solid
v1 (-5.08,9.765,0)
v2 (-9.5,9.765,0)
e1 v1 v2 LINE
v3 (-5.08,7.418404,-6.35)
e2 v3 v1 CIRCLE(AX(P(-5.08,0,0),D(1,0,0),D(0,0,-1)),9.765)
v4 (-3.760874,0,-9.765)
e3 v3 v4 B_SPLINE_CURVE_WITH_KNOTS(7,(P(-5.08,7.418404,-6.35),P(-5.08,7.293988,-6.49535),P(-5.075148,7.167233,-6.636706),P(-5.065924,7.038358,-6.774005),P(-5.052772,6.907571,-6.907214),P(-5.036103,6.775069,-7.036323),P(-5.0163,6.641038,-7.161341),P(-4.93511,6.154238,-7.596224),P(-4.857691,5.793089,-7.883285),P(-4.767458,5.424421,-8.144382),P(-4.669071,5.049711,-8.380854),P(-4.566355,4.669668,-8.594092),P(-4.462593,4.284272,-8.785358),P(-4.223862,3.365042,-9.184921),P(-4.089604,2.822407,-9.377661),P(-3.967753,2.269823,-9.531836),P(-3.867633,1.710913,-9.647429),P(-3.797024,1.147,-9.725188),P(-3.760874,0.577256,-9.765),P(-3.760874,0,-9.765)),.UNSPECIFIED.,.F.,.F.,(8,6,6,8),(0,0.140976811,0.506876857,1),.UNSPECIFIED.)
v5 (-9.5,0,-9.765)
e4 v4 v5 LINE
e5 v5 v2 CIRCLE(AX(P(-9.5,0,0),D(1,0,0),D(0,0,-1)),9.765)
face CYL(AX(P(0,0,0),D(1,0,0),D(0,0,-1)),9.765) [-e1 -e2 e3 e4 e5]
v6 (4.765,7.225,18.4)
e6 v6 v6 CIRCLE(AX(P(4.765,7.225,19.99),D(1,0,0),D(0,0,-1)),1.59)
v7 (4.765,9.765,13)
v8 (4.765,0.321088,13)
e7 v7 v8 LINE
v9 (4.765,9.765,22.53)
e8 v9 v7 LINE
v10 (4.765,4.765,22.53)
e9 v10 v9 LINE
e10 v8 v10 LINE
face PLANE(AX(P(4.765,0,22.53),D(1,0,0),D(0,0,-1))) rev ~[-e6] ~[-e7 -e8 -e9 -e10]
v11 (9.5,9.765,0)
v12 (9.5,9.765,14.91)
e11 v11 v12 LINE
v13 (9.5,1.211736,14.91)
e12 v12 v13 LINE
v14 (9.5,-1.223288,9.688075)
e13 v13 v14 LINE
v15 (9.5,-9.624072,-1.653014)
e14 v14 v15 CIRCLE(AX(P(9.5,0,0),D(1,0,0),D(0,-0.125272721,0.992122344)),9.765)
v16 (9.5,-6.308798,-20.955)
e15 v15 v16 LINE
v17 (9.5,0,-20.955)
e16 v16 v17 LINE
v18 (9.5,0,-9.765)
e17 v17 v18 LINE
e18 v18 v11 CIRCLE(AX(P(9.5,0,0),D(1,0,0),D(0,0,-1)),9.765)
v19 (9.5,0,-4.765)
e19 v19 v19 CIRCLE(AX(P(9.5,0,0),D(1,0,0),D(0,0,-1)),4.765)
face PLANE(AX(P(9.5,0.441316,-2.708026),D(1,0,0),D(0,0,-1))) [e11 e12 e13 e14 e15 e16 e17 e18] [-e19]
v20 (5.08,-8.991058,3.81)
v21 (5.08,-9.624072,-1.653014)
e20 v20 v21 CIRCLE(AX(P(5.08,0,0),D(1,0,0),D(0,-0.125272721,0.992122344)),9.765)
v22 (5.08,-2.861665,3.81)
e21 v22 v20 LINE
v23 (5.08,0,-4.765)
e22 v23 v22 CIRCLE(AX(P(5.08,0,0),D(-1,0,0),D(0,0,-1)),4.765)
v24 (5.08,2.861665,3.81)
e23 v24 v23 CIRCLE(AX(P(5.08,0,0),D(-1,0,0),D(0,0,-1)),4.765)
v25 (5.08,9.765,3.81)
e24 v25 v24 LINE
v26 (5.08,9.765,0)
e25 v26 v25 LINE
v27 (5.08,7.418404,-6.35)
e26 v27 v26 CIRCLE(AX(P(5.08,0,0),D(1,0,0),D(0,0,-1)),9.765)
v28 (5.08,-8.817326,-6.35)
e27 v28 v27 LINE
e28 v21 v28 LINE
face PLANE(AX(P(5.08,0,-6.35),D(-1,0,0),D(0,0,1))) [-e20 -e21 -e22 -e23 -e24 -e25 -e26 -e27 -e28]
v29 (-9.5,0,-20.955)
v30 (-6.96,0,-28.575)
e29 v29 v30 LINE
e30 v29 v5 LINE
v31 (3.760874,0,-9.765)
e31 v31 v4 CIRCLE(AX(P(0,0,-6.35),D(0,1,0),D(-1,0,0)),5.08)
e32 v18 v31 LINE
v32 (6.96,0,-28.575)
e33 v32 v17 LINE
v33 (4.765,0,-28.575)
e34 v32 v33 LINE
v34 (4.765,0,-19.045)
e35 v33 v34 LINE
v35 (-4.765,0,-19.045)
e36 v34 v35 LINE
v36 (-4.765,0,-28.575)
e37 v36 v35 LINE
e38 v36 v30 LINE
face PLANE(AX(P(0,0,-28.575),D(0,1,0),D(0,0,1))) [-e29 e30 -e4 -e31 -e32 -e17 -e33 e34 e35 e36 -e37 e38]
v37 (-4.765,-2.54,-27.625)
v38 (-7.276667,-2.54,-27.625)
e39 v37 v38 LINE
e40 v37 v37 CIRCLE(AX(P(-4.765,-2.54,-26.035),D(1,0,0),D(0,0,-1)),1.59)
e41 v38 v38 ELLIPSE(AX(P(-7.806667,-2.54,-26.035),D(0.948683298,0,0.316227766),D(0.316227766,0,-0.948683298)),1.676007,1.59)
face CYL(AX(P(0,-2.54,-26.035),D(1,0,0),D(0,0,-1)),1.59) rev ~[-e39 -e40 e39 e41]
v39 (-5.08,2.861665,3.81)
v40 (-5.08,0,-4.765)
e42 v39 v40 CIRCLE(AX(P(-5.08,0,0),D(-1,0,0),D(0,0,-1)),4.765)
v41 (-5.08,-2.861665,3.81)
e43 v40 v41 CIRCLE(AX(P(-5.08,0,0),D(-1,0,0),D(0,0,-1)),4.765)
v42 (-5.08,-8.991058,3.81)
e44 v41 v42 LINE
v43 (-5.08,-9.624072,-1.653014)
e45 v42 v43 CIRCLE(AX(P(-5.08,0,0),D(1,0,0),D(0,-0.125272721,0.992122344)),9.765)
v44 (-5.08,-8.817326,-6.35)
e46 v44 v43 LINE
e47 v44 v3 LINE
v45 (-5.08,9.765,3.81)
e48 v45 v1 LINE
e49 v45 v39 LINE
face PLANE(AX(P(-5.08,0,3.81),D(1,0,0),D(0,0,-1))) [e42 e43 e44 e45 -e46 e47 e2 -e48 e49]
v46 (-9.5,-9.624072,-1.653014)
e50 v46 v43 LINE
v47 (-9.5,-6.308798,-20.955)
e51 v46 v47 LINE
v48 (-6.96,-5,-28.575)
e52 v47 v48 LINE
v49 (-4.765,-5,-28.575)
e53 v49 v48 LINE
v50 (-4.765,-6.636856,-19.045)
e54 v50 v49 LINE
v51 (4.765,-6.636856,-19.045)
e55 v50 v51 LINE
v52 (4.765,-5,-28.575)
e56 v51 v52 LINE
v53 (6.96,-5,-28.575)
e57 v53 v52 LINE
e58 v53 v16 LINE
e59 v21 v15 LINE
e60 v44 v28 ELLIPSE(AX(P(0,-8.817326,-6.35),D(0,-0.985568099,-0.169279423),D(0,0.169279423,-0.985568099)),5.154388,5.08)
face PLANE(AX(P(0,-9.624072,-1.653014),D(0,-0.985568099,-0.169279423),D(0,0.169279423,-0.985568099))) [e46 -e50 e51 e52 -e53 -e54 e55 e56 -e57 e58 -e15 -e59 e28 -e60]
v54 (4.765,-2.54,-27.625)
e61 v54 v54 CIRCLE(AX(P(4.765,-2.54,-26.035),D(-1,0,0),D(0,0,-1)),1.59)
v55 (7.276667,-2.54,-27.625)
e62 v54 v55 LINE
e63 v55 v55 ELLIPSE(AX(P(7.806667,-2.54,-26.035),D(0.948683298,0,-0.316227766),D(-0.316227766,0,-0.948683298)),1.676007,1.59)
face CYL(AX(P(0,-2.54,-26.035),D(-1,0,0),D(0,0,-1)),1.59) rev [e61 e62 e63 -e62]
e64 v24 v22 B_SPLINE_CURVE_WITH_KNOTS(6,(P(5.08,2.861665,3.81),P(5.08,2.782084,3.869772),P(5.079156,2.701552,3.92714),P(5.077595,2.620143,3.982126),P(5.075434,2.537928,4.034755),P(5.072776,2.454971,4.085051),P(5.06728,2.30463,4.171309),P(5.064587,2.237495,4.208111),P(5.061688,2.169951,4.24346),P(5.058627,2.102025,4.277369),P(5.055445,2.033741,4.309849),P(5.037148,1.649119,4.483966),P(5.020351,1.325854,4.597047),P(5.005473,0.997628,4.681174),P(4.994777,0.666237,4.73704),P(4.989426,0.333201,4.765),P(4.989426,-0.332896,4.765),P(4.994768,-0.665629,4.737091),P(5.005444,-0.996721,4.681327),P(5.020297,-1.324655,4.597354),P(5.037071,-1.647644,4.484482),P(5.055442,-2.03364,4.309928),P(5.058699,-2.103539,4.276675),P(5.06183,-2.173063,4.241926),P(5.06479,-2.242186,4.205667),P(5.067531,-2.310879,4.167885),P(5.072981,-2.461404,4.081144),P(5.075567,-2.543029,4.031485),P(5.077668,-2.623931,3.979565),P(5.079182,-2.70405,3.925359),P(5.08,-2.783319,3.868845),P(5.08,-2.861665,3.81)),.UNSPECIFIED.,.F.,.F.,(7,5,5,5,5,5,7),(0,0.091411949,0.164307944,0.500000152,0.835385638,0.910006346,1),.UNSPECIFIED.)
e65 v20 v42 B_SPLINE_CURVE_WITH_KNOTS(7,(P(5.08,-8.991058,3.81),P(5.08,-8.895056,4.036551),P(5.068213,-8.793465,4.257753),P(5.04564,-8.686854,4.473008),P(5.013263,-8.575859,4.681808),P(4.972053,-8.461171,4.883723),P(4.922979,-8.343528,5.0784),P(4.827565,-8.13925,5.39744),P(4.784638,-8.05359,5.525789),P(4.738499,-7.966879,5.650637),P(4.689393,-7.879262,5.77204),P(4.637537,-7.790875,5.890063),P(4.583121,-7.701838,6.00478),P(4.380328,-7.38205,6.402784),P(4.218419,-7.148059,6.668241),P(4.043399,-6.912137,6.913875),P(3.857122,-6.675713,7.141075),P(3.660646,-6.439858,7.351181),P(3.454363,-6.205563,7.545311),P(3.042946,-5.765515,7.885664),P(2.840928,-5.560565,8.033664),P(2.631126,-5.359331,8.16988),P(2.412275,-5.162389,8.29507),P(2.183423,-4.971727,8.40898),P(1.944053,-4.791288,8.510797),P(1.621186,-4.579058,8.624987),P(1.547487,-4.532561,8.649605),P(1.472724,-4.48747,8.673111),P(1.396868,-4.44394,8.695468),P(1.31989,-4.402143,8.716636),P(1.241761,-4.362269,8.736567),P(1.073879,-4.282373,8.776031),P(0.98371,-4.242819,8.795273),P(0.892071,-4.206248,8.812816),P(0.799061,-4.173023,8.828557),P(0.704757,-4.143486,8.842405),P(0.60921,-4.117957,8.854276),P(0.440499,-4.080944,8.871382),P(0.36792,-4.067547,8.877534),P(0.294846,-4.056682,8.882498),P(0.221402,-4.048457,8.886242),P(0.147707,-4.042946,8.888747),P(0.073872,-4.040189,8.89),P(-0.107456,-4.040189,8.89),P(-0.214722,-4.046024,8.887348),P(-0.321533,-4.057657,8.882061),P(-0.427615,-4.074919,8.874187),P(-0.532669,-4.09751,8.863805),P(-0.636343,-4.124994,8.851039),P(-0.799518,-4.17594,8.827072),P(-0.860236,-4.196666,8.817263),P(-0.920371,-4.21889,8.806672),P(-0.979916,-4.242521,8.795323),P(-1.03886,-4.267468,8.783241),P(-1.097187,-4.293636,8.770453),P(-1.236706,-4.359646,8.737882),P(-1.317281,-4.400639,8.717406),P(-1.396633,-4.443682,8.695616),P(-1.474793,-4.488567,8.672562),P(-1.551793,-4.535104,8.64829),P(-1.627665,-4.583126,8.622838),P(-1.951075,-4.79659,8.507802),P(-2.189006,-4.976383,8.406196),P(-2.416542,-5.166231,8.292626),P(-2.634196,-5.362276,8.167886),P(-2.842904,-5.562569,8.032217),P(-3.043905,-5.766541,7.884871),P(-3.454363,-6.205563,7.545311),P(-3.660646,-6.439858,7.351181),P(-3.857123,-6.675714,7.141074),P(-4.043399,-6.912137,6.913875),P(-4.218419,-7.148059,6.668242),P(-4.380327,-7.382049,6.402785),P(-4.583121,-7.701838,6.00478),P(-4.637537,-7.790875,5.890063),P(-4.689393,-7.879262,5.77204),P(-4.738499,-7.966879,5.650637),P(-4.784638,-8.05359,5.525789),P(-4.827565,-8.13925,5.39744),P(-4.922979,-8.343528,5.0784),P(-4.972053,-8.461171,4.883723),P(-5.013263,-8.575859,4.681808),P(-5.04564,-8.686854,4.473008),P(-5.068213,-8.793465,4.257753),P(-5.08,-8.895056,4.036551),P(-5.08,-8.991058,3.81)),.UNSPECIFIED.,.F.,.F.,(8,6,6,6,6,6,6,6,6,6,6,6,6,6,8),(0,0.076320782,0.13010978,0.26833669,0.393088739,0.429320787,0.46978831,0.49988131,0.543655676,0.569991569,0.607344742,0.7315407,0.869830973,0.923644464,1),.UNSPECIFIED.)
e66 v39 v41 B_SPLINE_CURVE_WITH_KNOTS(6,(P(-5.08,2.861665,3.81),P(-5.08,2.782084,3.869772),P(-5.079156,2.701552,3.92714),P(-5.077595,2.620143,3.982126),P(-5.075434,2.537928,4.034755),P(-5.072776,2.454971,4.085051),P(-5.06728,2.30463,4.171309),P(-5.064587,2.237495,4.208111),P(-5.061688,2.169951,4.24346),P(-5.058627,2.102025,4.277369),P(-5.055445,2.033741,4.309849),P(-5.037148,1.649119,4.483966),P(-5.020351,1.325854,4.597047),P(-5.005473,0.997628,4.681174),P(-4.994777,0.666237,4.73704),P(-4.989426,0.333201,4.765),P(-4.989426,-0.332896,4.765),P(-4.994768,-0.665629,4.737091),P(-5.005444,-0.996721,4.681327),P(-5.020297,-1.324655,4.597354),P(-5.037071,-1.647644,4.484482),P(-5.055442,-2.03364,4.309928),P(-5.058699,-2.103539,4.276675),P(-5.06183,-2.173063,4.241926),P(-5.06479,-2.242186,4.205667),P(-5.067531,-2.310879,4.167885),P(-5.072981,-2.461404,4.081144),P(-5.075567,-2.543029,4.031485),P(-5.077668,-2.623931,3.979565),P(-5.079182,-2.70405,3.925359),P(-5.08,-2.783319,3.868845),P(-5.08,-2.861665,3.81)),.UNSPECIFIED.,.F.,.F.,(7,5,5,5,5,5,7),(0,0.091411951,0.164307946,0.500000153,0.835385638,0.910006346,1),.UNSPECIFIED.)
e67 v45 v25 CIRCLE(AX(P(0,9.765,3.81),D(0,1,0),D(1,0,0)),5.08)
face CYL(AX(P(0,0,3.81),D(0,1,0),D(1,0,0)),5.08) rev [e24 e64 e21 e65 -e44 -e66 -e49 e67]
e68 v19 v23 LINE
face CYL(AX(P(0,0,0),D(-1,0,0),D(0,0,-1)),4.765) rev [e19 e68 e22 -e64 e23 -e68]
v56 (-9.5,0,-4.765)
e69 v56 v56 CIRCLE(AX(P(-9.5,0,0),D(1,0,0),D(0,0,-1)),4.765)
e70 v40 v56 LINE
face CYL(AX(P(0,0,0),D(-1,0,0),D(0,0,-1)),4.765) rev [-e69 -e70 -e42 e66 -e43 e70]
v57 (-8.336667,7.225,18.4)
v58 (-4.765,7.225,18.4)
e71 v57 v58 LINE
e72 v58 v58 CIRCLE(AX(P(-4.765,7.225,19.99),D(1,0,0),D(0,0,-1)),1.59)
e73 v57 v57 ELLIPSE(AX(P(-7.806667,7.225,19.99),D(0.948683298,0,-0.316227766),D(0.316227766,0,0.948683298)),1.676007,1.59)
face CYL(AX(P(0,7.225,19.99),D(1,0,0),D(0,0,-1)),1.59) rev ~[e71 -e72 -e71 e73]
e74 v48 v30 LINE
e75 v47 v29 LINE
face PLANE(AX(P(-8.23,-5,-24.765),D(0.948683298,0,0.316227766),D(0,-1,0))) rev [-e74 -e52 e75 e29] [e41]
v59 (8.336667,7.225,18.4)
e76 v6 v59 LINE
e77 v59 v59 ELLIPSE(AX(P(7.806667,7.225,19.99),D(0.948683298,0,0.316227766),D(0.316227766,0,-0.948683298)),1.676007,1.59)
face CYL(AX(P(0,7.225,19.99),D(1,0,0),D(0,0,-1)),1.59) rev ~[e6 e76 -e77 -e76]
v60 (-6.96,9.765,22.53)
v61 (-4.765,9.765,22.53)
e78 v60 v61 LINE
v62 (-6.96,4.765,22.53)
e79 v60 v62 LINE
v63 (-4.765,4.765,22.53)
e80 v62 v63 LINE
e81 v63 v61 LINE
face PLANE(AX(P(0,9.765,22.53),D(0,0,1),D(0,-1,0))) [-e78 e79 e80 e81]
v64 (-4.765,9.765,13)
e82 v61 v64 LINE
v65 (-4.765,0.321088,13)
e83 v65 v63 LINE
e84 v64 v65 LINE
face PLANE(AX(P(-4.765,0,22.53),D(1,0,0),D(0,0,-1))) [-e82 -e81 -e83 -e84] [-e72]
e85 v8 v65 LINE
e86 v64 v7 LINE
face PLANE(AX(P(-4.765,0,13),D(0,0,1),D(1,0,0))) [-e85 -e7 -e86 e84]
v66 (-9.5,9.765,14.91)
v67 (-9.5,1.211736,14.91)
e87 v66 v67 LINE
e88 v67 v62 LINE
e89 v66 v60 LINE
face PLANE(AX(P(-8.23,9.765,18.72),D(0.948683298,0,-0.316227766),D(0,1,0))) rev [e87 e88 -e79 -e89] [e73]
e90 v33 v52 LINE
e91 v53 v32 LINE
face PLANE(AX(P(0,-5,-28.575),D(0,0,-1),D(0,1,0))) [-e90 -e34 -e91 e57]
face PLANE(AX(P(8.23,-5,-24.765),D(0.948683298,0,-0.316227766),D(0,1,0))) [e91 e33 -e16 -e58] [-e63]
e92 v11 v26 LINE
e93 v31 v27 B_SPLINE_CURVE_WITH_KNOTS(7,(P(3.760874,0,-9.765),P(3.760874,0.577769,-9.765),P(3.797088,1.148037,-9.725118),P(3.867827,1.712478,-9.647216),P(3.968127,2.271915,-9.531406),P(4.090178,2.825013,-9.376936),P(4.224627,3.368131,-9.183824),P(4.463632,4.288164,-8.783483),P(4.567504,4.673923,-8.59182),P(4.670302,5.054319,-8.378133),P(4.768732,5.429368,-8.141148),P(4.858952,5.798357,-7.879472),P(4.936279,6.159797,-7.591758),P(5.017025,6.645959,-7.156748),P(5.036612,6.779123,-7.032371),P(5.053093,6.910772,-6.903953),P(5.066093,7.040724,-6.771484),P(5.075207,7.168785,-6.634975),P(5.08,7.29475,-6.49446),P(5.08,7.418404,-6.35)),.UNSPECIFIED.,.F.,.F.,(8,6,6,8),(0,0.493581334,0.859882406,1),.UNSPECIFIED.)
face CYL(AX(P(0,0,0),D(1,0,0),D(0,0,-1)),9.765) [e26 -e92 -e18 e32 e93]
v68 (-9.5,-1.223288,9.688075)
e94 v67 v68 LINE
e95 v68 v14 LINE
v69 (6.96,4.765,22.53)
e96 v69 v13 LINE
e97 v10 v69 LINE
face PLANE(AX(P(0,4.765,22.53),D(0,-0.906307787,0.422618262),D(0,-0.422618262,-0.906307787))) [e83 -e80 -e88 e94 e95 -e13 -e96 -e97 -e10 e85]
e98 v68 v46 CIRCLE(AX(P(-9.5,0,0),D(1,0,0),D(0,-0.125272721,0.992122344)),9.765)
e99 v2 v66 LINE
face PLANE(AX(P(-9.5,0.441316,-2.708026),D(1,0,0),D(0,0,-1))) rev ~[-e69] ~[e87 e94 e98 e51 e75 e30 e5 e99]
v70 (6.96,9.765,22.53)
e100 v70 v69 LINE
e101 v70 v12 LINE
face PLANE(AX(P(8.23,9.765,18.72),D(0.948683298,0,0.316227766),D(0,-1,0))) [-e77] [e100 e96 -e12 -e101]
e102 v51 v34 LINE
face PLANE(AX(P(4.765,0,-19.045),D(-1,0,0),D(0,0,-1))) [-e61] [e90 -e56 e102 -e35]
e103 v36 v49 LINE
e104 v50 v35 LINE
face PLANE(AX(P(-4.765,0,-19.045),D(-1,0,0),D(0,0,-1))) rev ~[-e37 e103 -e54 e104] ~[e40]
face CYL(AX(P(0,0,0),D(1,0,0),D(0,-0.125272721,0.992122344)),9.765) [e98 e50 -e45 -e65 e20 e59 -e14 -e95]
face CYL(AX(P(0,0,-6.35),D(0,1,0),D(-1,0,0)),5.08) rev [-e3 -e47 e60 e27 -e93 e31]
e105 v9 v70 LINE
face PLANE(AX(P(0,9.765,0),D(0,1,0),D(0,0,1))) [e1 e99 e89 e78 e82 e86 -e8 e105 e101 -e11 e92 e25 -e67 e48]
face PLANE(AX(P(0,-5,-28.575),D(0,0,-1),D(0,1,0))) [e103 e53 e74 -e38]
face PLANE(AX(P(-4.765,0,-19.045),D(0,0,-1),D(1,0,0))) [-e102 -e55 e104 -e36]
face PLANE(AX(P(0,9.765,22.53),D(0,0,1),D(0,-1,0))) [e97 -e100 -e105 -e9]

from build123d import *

# Parameters (mm, degrees)
SKETCH1_R             = 4.765
BOSS_EXTRUDE1_DEPTH   = 9.5
CHAMFER1_SIZE         = 2.54
CHAMFER1_SIZE2        = 7.62
CHAMFER1_PART_2_SIZE  = 2.54
CHAMFER1_PART_2_SIZE2 = 7.62
CHAMFER2_SIZE         = 7.62
CHAMFER2_SIZE2        = 2.54
CUT_EXTRUDE1_DEPTH    = 17
SKETCH3_W             = 9.53
SKETCH3_H             = 9.53
CUT_EXTRUDE2_DEPTH    = 17
SKETCH4_R             = 1.59
CUT_EXTRUDE3_DEPTH    = 17


with BuildPart() as part:
    # Sketch1 → Boss-Extrude1 (new body, symmetric)
    with BuildSketch(Plane(origin=(0, 0, 0), x_dir=(0, 0, -1), z_dir=(1, 0, 0))):
        with BuildLine():
            Line((0, 9.765), (-22.53, 9.765))
            Line((-22.53, 9.765), (-22.53, 4.765))
            Line((-22.53, 4.765), (-9.688074689, -1.223288118))
            ThreePointArc((-9.688074689, -1.223288118), (-5.812387316, -7.84674319), (1.653013564, -9.624072483))
            Line((1.653013564, -9.624072483), (28.575, -5))
            Line((28.575, -5), (28.575, 0))
            Line((28.575, 0), (9.765, 0))
            ThreePointArc((9.765, 0), (6.904897718, 6.904897718), (0, 9.765))
        make_face()
        Circle(SKETCH1_R, mode=Mode.SUBTRACT)
    extrude(amount=BOSS_EXTRUDE1_DEPTH, both=True)

    # Chamfer1
    chamfer1_edges = [part.edges().sort_by_distance(p)[0] for p in [
        (9.5, 7.265, 22.53),
    ]]
    chamfer1_side = [part.faces().sort_by_distance(p)[0] for p in [
        (0, 7.265, 22.53),
    ]]
    chamfer(chamfer1_edges, length=CHAMFER1_SIZE, length2=CHAMFER1_SIZE2, reference=chamfer1_side[0])

    # Chamfer1 part 2
    chamfer1_part_2_edges = [part.edges().sort_by_distance(p)[0] for p in [
        (9.5, -2.5, -28.575),
    ]]
    chamfer1_part_2_side = [part.faces().sort_by_distance(p)[0] for p in [
        (0, -2.5, -28.575),
    ]]
    chamfer(chamfer1_part_2_edges, length=CHAMFER1_PART_2_SIZE, length2=CHAMFER1_PART_2_SIZE2, reference=chamfer1_part_2_side[0])

    # Chamfer2
    chamfer2_edges = [part.edges().sort_by_distance(p)[0] for p in [
        (-9.5, 7.265, 22.53),
        (-9.5, -2.5, -28.575),
    ]]
    chamfer2_side = [part.faces().sort_by_distance(p)[0] for p in [
        (-9.5, 9.217903854, 11.265),
    ]]
    chamfer(chamfer2_edges, length=CHAMFER2_SIZE, length2=CHAMFER2_SIZE2, reference=chamfer2_side[0])

    # Sketch2 → Cut-Extrude1 (cut, symmetric)
    with BuildSketch(Plane(origin=(0, 0, 0), x_dir=(1, 0, 0), z_dir=(0, 1, 0))):
        with BuildLine():
            Line((5.08, 6.35), (5.08, -3.81))
            ThreePointArc((5.08, -3.81), (0, -8.89), (-5.08, -3.81))
            Line((-5.08, -3.81), (-5.08, 6.35))
            ThreePointArc((-5.08, 6.35), (0, 11.43), (5.08, 6.35))
        make_face()
    extrude(amount=CUT_EXTRUDE1_DEPTH, both=True, mode=Mode.SUBTRACT)

    # Sketch3 → Cut-Extrude2 (cut, symmetric)
    with BuildSketch(Plane(origin=(0, 0, 0), x_dir=(1, 0, 0), z_dir=(0, 1, 0))):
        with Locations((0, 23.81)):
            Rectangle(SKETCH3_W, SKETCH3_H)
        with Locations((0, -17.765)):
            Rectangle(SKETCH3_W, SKETCH3_H)
    extrude(amount=CUT_EXTRUDE2_DEPTH, both=True, mode=Mode.SUBTRACT)

    # Sketch4 → Cut-Extrude3 (cut, symmetric)
    with BuildSketch(Plane(origin=(0, 0, 0), x_dir=(0, 0, -1), z_dir=(1, 0, 0))):
        with Locations((26.035, -2.54)):
            Circle(SKETCH4_R)
        with Locations((-19.99, 7.225)):
            Circle(SKETCH4_R)
    extrude(amount=CUT_EXTRUDE3_DEPTH, both=True, mode=Mode.SUBTRACT)


solid = part.part
